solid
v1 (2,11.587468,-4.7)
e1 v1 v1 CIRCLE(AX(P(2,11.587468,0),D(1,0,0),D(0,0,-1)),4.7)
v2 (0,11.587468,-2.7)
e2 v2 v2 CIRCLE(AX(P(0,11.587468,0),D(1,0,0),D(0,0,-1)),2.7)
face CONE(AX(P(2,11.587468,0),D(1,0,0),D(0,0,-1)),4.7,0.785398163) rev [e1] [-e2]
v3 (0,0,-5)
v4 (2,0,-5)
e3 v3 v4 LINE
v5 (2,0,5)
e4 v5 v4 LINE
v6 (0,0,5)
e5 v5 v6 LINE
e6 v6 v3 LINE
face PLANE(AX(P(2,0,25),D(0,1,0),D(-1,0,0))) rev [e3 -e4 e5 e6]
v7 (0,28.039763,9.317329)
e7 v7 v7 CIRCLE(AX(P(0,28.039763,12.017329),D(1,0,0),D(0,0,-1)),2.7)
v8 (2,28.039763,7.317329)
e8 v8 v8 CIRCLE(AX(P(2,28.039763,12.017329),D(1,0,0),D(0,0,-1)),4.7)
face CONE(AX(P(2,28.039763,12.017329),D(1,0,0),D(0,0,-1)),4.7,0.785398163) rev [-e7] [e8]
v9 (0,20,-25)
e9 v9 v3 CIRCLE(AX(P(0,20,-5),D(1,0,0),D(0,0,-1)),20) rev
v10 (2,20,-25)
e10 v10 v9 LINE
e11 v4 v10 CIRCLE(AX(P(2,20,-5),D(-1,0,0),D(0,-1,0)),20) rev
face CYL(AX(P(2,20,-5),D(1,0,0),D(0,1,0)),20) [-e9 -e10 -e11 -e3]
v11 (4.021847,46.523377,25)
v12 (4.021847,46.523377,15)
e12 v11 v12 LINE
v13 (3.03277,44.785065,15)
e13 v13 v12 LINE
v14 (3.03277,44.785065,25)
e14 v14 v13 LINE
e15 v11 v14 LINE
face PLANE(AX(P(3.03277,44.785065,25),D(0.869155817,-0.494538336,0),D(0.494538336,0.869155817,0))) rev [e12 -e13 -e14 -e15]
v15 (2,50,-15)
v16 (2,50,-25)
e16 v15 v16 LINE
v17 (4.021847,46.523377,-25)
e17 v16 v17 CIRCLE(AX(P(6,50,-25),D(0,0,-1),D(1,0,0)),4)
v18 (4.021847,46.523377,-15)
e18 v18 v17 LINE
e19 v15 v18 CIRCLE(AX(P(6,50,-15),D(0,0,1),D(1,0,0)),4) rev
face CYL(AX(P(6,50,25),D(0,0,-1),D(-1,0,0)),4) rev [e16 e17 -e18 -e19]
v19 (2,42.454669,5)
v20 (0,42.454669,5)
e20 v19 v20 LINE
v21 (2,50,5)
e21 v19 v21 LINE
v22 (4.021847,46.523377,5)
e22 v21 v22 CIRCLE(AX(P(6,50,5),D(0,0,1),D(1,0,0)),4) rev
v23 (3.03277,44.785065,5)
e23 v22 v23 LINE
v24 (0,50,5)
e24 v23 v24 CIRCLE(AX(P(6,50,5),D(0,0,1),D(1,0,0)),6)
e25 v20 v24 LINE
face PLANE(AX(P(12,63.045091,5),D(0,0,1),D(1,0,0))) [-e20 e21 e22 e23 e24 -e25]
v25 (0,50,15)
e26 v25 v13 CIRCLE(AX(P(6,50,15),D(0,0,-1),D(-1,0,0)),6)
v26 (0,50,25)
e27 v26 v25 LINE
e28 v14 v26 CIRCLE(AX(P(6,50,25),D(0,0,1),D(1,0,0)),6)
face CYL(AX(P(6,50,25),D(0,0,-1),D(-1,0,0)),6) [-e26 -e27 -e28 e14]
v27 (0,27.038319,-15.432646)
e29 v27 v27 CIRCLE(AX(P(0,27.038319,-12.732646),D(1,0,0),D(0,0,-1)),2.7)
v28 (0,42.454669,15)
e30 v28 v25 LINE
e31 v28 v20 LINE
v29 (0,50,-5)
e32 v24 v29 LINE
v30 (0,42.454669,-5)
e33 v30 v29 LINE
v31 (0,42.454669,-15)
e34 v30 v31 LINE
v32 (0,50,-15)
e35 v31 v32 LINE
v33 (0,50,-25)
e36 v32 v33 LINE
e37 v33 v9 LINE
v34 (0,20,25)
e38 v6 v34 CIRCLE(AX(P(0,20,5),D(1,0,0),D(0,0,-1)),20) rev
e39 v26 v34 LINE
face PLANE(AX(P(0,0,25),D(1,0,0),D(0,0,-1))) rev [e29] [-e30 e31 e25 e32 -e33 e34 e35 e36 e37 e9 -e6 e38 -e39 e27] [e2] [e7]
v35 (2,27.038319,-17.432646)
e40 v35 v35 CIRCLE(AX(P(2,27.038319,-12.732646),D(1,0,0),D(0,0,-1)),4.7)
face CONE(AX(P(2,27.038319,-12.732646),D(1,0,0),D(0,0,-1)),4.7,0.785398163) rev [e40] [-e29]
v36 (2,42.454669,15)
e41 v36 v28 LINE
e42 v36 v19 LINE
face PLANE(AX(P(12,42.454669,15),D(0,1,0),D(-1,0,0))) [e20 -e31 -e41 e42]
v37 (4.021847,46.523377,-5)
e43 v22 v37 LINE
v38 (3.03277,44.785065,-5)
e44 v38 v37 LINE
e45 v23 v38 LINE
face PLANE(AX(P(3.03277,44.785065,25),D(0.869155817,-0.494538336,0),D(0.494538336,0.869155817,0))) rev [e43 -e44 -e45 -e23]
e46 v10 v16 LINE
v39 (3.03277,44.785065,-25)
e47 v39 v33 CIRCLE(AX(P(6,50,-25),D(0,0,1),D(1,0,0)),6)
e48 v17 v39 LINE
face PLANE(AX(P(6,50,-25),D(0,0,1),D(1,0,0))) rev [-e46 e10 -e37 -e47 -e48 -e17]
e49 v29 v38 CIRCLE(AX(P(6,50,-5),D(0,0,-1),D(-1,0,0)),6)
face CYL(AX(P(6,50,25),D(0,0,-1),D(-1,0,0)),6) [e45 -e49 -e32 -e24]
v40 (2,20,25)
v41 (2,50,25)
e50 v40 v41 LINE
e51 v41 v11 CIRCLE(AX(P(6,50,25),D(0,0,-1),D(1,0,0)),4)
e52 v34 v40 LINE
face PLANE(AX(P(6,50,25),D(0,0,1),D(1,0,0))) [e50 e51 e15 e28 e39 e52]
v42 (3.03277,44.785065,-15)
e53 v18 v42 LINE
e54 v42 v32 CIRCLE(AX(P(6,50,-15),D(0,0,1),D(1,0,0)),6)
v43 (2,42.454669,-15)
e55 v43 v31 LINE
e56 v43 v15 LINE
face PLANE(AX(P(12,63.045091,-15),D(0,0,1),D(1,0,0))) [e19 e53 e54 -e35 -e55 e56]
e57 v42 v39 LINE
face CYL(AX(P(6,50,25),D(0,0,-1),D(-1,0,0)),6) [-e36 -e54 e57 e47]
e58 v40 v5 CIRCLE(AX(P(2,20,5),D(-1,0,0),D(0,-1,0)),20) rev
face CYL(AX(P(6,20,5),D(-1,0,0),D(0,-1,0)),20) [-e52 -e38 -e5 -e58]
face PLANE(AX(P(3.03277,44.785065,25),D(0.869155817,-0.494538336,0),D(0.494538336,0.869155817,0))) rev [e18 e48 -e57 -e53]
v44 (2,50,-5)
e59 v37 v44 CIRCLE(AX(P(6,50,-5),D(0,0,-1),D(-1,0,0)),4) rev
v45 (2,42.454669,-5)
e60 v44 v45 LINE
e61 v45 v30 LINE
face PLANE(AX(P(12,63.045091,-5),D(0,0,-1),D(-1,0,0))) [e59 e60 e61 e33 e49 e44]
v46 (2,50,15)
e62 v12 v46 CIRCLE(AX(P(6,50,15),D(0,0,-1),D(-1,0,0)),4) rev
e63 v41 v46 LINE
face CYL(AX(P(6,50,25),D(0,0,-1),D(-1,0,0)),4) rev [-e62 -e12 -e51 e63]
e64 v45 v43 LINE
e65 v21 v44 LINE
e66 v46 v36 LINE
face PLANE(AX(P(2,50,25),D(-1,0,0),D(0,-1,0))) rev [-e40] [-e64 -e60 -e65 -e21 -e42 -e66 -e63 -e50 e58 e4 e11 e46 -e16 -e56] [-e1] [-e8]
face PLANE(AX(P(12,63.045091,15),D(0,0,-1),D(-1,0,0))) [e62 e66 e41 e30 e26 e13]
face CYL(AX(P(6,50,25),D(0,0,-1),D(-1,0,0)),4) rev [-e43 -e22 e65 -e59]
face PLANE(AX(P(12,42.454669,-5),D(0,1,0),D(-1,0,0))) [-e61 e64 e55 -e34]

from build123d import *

# Parameters (mm, degrees)
BOSS_EXTRUDE1_DEPTH                          = 25
SKETCH2_W                                    = 10
SKETCH2_H                                    = 20.590421557
CUT_EXTRUDE1_DEPTH                           = 11
CUT_EXTRUDE1_DEPTH_BACK                      = 3
FILLET1_R                                    = 20
CSK_FOR_M4_COUNTERSUNK_FLAT_HEAD_SCR_2_COUNT = 2
CSK_FOR_M4_COUNTERSUNK_FLAT_HEAD_SCR_2_PITCH = 20.373860658
CSK_FOR_M4_COUNTERSUNK_FLAT_HEAD_SCR_3_COUNT = 2
CSK_FOR_M4_COUNTERSUNK_FLAT_HEAD_SCR_3_PITCH = 20.021215351


with BuildPart() as part:
    # Sketch1 → Boss-Extrude1 (new body, symmetric)
    with BuildSketch(Plane.XY):
        with BuildLine():
            Line((0, 0), (0, 50))
            ThreePointArc((0, 50), (11.186683916, 53.016340491), (3.032769985, 44.785065097))
            Line((3.032769985, 44.785065097), (4.021846657, 46.523376732))
            ThreePointArc((4.021846657, 46.523376732), (9.457789277, 52.01089366), (2, 50))
            Line((2, 50), (2, 0))
            Line((2, 0), (0, 0))
        make_face()
    extrude(amount=BOSS_EXTRUDE1_DEPTH, both=True)

    # Sketch2 → Cut-Extrude1 (cut, two sides)
    with BuildSketch(Plane(origin=(2, 0, 0), x_dir=(0, 0, -1), z_dir=(1, 0, 0))) as cut_extrude1_sk:
        with Locations((-10, 52.749880228)):
            Rectangle(SKETCH2_W, SKETCH2_H)
        with Locations((10, 52.749880228)):
            Rectangle(SKETCH2_W, SKETCH2_H)
    extrude(amount=CUT_EXTRUDE1_DEPTH, mode=Mode.SUBTRACT)
    extrude(cut_extrude1_sk.sketch, amount=-CUT_EXTRUDE1_DEPTH_BACK, mode=Mode.SUBTRACT)

    # Fillet1
    fillet1_edges = [part.edges().sort_by_distance(p)[0] for p in [
        (1, 0, 25),
        (1, 0, -25),
    ]]
    fillet(fillet1_edges, radius=FILLET1_R)

    # Sketch4 → CSK for M4 Countersunk Flat Head Screw1 (revolve, cut)
    with BuildSketch(Plane(origin=(2, 11.587467643, 0), x_dir=(0, 0, -1), z_dir=(0, 1, 0))):
        Polygon((0, 0), (0, 2), (2.25, 2), (2.25, 2.45), (4.7, 0), align=None)
    csk_for_m4_countersunk_flat_head_screw1 = revolve(axis=Axis((8.35, 11.587467643, 0), (-1, 0, 0)), mode=Mode.SUBTRACT)

    # CSK for M4 Countersunk Flat Head Scr 2: CSK for M4 Countersunk Flat Head Screw1 ×2
    with Locations(*[Vector(0, 0.807519759, 0.58984052) * (i * CSK_FOR_M4_COUNTERSUNK_FLAT_HEAD_SCR_2_PITCH) for i in range(1, CSK_FOR_M4_COUNTERSUNK_FLAT_HEAD_SCR_2_COUNT)]):
        add(csk_for_m4_countersunk_flat_head_screw1, mode=Mode.SUBTRACT)

    # CSK for M4 Countersunk Flat Head Scr 3: CSK for M4 Countersunk Flat Head Screw1 ×2
    with Locations(*[Vector(0, 0.77172393, -0.635957683) * (i * CSK_FOR_M4_COUNTERSUNK_FLAT_HEAD_SCR_3_PITCH) for i in range(1, CSK_FOR_M4_COUNTERSUNK_FLAT_HEAD_SCR_3_COUNT)]):
        add(csk_for_m4_countersunk_flat_head_screw1, mode=Mode.SUBTRACT)


solid = part.part
